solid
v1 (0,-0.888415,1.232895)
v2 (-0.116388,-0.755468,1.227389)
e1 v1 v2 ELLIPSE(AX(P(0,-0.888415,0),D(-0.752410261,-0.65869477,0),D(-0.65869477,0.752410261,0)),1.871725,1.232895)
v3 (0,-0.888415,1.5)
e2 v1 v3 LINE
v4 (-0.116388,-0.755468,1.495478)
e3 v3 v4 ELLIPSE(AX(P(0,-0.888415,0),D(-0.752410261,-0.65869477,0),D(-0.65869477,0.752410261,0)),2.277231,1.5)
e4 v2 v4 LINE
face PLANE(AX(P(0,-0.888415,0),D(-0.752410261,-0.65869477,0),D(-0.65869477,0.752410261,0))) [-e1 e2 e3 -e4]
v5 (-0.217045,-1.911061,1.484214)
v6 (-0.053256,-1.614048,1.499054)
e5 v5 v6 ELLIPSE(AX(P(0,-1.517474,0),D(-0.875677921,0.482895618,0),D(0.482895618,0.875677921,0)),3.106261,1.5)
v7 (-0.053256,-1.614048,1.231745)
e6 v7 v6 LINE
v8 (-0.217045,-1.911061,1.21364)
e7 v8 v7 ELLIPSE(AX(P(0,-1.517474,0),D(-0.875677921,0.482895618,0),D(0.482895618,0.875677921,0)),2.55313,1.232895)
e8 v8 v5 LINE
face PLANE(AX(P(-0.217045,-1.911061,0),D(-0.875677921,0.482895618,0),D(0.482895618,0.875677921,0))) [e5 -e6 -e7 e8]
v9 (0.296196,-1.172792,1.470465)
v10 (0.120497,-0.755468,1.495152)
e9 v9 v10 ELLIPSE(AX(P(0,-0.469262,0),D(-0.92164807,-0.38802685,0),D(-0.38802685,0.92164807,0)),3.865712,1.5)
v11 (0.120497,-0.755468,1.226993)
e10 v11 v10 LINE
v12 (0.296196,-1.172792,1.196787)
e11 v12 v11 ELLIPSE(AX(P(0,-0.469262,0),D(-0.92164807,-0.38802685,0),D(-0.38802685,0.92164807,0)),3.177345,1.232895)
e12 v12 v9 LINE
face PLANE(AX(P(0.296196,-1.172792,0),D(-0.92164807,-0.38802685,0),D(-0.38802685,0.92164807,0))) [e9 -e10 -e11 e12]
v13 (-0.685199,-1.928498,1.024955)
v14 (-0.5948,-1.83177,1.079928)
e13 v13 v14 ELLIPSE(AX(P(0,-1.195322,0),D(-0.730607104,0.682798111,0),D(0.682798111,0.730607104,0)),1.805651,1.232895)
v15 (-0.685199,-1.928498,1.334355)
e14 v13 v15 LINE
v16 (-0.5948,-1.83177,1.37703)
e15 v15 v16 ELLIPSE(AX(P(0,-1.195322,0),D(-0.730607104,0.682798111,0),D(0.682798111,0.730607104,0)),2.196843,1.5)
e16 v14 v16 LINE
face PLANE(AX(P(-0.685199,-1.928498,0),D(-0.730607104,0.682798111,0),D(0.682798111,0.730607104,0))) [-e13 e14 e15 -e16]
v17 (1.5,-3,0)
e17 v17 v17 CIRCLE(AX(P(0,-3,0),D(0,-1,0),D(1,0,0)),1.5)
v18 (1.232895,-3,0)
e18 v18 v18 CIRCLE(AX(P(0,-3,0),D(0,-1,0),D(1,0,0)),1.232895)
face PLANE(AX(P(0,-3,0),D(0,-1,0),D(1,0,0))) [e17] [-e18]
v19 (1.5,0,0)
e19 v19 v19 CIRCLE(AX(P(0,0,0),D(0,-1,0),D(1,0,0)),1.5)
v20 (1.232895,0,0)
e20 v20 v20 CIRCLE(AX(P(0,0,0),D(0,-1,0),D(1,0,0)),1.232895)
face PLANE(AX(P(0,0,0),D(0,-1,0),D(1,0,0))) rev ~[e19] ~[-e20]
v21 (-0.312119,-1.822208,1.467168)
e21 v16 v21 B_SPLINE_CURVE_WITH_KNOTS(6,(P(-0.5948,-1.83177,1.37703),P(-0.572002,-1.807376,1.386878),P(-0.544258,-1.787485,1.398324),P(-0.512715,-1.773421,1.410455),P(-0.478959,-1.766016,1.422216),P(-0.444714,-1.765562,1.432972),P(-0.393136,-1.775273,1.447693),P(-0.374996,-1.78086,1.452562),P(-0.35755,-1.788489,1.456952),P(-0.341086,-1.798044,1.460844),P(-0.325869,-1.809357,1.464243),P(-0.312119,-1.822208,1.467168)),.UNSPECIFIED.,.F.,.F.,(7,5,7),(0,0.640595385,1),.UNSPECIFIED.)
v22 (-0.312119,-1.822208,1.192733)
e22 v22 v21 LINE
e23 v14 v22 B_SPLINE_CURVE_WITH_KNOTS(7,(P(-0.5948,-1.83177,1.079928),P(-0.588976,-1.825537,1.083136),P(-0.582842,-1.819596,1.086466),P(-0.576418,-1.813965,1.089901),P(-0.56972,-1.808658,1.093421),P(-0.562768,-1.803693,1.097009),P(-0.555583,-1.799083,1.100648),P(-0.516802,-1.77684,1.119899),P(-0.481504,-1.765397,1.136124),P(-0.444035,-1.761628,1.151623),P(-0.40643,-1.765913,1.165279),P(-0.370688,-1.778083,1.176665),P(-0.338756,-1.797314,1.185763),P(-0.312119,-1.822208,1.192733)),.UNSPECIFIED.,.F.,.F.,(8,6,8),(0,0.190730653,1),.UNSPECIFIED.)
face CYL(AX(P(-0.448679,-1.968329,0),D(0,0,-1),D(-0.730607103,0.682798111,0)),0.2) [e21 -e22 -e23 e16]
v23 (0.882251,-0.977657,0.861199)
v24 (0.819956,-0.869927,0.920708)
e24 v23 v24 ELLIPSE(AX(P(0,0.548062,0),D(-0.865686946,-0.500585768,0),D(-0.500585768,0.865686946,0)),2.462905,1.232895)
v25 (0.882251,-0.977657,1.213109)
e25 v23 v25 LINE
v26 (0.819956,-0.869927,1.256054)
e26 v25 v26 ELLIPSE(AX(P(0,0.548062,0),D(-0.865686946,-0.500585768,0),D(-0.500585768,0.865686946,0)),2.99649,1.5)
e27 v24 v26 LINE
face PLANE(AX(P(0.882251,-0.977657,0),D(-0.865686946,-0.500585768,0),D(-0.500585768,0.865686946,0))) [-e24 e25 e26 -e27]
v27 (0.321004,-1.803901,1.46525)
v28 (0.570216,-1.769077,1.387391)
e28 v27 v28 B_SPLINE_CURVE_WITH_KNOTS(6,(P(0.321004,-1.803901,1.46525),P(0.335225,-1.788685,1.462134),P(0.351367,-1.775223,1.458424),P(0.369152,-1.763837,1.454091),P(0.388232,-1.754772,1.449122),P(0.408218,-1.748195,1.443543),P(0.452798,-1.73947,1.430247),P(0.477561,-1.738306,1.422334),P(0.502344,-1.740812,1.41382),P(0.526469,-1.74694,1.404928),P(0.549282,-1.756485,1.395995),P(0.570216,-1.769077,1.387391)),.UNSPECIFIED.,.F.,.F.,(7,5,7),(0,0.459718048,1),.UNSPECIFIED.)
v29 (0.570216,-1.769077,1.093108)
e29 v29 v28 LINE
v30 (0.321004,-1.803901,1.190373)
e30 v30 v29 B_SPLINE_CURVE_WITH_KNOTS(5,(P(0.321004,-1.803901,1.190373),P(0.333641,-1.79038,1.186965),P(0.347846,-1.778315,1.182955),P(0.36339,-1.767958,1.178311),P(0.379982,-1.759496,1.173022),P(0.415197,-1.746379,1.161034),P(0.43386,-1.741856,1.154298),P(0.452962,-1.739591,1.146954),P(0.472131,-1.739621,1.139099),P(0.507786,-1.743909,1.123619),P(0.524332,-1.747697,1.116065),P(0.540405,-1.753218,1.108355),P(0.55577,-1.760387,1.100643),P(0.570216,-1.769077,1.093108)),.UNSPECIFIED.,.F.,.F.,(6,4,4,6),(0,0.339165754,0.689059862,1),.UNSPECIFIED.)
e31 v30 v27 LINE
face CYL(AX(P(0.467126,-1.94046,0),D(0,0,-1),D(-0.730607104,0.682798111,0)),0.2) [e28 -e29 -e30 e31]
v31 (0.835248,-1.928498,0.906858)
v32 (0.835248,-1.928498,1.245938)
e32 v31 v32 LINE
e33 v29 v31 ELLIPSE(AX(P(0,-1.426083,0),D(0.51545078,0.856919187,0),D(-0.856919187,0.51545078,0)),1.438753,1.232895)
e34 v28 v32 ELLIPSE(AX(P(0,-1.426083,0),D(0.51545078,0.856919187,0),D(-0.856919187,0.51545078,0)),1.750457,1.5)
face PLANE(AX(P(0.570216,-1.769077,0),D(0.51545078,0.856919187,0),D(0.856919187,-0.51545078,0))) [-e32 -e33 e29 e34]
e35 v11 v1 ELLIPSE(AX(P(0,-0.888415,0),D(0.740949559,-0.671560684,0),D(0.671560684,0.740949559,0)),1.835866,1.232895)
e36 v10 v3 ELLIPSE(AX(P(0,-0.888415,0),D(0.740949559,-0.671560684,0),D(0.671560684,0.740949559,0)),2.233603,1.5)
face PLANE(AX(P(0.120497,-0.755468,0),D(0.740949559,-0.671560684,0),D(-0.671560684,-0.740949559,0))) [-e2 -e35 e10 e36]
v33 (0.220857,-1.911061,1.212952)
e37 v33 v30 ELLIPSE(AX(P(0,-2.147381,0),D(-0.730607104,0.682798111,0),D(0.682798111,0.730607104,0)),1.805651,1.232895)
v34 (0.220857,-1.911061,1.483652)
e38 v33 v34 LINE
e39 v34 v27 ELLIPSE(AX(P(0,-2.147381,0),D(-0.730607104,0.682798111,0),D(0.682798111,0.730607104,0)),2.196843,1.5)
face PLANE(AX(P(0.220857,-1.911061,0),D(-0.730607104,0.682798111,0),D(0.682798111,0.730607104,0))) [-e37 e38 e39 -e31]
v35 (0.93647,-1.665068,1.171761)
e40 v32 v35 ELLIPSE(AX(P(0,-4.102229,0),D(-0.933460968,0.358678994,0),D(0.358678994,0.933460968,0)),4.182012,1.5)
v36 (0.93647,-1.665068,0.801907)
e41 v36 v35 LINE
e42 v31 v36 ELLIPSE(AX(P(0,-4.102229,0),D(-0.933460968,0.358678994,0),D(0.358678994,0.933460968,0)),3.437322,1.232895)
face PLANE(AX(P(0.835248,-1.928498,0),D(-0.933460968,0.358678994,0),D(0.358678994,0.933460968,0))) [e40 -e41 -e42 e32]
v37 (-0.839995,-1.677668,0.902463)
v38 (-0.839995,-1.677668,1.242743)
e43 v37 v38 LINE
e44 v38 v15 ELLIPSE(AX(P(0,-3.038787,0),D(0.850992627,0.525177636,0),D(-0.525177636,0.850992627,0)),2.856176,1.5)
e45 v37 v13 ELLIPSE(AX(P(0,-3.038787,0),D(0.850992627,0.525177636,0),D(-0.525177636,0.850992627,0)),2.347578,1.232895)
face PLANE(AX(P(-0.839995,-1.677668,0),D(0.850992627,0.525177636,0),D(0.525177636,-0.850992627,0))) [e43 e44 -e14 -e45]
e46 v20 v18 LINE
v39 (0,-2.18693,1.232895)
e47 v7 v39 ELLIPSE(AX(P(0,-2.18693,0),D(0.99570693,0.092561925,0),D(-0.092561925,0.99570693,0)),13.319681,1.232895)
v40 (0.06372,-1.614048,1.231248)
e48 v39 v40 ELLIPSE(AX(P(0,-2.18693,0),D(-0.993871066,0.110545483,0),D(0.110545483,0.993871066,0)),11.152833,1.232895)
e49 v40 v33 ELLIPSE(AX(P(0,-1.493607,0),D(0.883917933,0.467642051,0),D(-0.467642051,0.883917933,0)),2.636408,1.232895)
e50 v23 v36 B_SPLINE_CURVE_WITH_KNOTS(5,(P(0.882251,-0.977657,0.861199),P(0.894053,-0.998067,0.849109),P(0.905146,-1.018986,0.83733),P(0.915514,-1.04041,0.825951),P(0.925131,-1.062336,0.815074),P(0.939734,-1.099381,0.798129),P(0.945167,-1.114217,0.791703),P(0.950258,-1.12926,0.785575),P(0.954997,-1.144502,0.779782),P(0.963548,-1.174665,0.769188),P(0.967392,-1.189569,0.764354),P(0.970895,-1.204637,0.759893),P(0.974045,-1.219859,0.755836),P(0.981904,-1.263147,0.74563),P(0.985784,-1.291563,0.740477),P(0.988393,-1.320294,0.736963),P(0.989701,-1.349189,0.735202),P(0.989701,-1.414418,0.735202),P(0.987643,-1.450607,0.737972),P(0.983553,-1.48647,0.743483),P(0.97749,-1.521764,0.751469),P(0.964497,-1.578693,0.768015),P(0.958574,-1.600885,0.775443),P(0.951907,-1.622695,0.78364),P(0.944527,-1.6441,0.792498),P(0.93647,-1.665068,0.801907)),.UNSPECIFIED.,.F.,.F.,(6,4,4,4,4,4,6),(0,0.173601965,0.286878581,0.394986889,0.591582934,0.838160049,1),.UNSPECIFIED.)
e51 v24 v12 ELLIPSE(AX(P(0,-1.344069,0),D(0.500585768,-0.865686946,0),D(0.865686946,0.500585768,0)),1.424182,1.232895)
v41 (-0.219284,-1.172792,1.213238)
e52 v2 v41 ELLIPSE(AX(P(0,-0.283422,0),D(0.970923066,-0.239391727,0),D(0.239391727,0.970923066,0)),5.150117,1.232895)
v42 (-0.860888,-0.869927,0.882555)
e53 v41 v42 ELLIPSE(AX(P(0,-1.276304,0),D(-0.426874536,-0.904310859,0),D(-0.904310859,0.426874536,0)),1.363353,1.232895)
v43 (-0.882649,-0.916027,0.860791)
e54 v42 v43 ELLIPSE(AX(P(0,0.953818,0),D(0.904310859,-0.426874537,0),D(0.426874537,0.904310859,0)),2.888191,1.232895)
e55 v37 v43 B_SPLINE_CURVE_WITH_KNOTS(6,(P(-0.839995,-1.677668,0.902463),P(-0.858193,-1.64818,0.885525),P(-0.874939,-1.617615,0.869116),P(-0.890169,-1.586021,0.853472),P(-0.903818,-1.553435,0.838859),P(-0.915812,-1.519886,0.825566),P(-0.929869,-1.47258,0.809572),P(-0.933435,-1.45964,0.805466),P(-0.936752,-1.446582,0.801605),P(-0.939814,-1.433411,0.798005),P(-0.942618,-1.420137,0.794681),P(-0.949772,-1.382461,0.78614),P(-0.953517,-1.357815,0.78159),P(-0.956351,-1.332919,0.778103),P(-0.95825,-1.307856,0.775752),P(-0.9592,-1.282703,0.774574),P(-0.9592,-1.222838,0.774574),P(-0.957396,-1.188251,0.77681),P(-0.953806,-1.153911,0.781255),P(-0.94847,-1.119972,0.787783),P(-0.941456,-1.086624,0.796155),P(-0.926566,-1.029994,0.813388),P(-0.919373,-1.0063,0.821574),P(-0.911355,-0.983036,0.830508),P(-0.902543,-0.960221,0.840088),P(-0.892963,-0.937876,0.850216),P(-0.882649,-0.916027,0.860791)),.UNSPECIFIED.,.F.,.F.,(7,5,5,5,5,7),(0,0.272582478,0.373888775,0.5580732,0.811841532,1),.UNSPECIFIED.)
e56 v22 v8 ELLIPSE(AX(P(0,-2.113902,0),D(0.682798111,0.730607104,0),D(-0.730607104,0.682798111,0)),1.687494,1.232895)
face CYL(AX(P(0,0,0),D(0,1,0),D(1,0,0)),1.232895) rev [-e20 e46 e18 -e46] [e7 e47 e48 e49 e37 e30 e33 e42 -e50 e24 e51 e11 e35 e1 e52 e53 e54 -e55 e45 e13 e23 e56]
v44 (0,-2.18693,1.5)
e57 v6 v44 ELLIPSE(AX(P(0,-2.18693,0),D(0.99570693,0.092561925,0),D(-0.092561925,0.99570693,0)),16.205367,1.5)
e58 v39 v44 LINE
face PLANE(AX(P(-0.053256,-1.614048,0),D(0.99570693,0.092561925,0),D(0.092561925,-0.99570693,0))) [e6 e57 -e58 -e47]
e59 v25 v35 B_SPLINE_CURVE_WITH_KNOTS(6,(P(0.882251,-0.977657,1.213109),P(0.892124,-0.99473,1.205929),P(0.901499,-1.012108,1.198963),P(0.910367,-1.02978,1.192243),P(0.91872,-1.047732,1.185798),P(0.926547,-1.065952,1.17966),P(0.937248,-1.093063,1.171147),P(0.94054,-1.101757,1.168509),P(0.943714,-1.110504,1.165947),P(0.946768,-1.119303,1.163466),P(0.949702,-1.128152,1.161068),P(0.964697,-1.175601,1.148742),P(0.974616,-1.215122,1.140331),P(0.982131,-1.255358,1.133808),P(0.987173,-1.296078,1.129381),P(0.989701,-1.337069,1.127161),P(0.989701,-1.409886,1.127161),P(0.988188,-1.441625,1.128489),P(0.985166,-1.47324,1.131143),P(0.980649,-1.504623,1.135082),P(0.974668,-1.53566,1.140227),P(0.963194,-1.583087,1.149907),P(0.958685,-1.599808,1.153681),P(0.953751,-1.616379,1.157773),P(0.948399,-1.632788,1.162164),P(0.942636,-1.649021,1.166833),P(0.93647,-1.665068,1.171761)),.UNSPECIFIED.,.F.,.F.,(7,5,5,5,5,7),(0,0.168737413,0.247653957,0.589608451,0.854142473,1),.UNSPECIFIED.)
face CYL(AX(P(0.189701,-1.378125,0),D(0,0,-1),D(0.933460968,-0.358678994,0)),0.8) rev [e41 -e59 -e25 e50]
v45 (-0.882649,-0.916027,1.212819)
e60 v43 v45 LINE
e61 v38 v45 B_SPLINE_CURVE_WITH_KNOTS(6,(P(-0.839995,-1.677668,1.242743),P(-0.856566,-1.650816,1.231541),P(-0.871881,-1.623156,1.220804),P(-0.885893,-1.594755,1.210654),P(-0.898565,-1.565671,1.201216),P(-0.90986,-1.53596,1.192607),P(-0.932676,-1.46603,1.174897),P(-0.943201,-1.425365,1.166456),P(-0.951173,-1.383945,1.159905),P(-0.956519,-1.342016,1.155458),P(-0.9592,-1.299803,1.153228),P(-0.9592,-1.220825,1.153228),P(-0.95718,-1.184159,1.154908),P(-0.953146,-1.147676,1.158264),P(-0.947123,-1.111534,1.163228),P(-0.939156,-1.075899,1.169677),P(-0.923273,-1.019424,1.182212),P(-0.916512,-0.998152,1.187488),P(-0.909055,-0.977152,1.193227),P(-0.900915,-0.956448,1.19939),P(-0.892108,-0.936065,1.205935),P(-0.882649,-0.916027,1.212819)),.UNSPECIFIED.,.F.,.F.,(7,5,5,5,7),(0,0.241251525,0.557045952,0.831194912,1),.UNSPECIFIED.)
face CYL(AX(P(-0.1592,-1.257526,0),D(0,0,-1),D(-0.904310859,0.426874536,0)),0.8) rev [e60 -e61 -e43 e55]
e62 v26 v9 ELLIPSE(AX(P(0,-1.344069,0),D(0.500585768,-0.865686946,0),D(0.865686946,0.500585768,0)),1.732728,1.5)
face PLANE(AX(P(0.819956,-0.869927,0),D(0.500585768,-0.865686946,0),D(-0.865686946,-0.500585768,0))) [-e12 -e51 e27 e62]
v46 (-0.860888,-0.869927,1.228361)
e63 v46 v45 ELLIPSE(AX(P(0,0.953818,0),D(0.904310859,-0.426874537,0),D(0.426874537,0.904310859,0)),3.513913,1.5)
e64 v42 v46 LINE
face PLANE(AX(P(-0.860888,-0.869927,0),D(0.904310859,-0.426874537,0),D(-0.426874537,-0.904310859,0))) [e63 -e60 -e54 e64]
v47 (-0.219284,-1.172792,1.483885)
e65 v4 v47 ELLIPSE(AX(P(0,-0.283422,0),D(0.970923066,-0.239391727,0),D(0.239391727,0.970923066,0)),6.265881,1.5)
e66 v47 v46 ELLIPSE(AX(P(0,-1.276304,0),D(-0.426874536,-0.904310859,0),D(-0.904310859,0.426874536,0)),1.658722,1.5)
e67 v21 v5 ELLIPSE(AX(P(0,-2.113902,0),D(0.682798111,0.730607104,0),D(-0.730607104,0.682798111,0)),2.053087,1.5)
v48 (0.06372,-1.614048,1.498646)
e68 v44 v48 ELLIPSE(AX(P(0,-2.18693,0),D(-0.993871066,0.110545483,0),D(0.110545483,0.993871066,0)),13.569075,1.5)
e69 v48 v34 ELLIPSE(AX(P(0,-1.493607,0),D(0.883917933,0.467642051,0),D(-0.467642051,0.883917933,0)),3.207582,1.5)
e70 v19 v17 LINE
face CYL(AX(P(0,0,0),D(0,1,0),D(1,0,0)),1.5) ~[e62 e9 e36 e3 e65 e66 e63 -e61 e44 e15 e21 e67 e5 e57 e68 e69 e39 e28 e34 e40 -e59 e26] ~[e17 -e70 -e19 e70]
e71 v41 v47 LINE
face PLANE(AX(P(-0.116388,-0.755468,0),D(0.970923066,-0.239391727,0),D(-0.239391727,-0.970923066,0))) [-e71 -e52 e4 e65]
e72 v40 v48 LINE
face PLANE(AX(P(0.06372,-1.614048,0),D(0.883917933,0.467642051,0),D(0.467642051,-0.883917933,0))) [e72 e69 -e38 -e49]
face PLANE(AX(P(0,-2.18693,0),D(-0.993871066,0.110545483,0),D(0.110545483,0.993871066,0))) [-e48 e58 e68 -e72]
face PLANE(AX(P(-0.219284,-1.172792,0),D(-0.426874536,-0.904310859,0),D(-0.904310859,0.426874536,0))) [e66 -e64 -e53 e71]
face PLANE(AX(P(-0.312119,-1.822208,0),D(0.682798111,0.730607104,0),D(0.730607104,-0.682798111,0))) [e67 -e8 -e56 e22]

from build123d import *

# Parameters (mm, degrees)
F0_R     = 1.5
F0_R_2   = 1.2328953581
F1_DEPTH = 3
F3_DEPTH = 1.5
F4_DEPTH = 25


with BuildPart() as f1:
    # F0 (on Front) → F1 (new body)
    with BuildSketch(Plane.XZ):
        Circle(F0_R)
        Circle(F0_R_2, mode=Mode.SUBTRACT)
    extrude(amount=F1_DEPTH)

    # F2 (on Top) → F3 (join)
    with BuildSketch(Plane.XY):
        with BuildLine():
            Line((-0.2170445457, -1.9110607387), (-0.0532556793, -1.6140477018))
            Line((-0.0532556793, -1.6140477018), (0, -2.1869295742))
            Line((0, -2.1869295742), (0.063720039, -1.6140477018))
            Line((0.063720039, -1.6140477018), (0.2208565566, -1.9110607387))
            Line((0.2208565566, -1.9110607387), (0.3210042121, -1.8039008222))
            ThreePointArc((0.3210042121, -1.8039008222), (0.4394470504, -1.7423849636), (0.5702157889, -1.769076607))
            Line((0.5702157889, -1.769076607), (0.8352482378, -1.9284979207))
            Line((0.8352482378, -1.9284979207), (0.9364700396, -1.665068496))
            ThreePointArc((0.9364700396, -1.665068496), (0.9872243455, -1.3152211188), (0.8822508219, -0.9776566862))
            Line((0.8822508219, -0.9776566862), (0.8199558369, -0.8699269849))
            Line((0.8199558369, -0.8699269849), (0.2961963428, -1.1727922988))
            Line((0.2961963428, -1.1727922988), (0.1204969513, -0.7554680719))
            Line((0.1204969513, -0.7554680719), (0, -0.8884153469))
            Line((0, -0.8884153469), (-0.1163881984, -0.7554680719))
            Line((-0.1163881984, -0.7554680719), (-0.219284062, -1.1727922988))
            Line((-0.219284062, -1.1727922988), (-0.8608880205, -0.8699269849))
            Line((-0.8608880205, -0.8699269849), (-0.8826491019, -0.9160266711))
            ThreePointArc((-0.8826491019, -0.9160266711), (-0.957948802, -1.3022589875), (-0.839994516, -1.6776684087))
            Line((-0.839994516, -1.6776684087), (-0.6851987564, -1.9284979207))
            Line((-0.6851987564, -1.9284979207), (-0.5948000148, -1.8317695295))
            ThreePointArc((-0.5948000148, -1.8317695295), (-0.4554398067, -1.7684434694), (-0.3121189719, -1.822207731))
            Line((-0.3121189719, -1.822207731), (-0.2170445457, -1.9110607387))
        make_face()
    extrude(amount=F3_DEPTH)

    # F4 (cut): a face of the model
    f4_faces = [f1.faces().sort_by_distance(p)[0] for p in [
        (0.0206453189, -1.3877719682, 0),
    ]]
    extrude(f4_faces, amount=-F4_DEPTH, mode=Mode.SUBTRACT)


solid = f1.part
